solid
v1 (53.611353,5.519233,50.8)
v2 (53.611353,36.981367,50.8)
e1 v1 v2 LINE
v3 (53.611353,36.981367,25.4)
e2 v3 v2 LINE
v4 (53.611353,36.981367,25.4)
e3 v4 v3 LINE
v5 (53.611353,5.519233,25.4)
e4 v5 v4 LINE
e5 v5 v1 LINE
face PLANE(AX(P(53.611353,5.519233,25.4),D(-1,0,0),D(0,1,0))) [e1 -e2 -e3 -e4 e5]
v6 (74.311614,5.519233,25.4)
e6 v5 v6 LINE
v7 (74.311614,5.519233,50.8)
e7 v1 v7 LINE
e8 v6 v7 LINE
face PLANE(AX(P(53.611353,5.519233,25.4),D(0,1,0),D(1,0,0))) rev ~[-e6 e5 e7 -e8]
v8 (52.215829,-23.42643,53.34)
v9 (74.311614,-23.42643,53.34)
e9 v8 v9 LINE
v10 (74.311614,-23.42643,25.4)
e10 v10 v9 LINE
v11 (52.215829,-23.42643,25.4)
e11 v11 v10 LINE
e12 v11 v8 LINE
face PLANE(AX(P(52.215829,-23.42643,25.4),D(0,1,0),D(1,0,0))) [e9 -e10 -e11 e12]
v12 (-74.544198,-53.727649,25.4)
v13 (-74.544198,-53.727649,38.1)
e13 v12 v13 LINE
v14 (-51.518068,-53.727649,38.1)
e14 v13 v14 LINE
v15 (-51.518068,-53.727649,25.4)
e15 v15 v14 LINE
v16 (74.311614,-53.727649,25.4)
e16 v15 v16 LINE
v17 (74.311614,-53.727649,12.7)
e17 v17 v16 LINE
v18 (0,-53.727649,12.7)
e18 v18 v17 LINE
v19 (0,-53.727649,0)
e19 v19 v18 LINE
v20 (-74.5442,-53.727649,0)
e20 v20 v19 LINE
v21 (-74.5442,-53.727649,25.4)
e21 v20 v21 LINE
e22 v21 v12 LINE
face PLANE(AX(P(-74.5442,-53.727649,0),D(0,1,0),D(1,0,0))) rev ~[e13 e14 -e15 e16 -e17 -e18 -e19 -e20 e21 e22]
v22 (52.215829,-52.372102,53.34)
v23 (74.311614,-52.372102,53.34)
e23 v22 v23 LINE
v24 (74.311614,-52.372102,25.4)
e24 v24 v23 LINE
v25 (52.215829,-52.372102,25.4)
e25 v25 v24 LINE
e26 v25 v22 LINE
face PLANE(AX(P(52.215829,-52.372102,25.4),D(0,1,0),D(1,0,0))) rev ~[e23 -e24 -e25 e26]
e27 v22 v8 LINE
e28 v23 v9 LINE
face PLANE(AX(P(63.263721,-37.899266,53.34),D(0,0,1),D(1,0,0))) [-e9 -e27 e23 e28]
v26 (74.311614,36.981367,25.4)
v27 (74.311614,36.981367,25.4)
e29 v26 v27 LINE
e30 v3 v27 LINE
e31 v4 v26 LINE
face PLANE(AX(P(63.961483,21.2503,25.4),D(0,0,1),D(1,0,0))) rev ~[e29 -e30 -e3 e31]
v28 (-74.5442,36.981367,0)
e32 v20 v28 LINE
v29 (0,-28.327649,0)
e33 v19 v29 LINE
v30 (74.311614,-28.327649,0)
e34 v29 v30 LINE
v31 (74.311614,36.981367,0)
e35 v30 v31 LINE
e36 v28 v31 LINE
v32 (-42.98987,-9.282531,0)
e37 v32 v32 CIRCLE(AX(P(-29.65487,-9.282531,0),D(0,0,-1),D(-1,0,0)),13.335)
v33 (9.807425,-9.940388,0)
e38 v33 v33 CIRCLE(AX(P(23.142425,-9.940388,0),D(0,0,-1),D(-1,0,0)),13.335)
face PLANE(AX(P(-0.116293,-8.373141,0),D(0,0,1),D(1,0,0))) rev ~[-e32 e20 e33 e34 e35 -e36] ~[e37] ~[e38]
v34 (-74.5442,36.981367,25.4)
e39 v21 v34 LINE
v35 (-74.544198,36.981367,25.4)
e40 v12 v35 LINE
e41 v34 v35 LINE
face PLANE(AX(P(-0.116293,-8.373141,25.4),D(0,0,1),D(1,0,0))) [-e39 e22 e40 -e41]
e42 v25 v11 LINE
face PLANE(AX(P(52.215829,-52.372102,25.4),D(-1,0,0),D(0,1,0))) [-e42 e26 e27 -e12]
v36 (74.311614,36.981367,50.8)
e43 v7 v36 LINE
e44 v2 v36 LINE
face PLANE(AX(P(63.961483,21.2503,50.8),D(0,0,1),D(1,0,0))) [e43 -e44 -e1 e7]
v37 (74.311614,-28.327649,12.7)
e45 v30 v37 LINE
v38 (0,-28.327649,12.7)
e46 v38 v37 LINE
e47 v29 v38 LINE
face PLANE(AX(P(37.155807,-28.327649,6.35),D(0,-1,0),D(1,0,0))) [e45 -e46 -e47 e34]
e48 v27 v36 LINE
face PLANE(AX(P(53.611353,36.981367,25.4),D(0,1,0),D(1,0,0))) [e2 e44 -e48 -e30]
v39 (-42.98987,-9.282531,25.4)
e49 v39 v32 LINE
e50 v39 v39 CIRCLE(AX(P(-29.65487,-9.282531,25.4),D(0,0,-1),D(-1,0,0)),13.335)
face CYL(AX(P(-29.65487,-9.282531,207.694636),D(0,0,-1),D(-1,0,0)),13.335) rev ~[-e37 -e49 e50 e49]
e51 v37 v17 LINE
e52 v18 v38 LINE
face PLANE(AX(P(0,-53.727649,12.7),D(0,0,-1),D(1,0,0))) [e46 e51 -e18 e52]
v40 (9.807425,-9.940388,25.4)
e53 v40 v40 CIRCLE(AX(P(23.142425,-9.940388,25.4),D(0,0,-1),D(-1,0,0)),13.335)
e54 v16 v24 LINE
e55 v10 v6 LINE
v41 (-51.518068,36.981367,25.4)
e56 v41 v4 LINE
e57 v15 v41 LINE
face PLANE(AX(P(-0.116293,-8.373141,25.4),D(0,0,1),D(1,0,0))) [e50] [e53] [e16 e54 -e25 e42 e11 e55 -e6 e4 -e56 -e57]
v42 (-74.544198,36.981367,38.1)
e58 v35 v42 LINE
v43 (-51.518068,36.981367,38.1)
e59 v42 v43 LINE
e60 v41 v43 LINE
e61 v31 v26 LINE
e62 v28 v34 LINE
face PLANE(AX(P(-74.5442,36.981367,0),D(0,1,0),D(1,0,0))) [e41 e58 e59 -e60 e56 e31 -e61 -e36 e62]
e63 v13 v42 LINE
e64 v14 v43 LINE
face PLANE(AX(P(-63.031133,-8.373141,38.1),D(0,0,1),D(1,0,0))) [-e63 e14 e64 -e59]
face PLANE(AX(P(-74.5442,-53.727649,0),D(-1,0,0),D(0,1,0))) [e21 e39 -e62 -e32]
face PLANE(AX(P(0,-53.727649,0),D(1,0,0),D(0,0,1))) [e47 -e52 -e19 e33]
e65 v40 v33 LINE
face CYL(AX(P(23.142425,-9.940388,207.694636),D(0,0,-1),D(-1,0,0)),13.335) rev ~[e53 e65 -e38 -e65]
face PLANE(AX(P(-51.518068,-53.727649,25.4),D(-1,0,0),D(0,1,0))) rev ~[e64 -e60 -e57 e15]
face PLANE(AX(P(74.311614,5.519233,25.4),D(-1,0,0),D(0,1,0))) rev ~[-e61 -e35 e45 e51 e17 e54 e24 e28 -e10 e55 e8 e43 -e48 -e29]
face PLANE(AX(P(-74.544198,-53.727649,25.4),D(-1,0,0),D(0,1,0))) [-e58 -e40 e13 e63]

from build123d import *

# Parameters (mm, degrees)
F0_W     = 148.855813
F0_H     = 90.709016
F1_DEPTH = 25.4
F2_W     = 74.311614
F2_H     = 12.7
F3_DEPTH = 25.4
F4_W     = 23.026131
F4_H     = 90.709016
F5_DEPTH = 12.7
F6_W     = 20.700261
F6_H     = 31.462135
F8_DEPTH = 25.4
F7_W     = 22.095785
F7_H     = 28.945672
F9_DEPTH = 27.94
F12_D    = 26.67
F14_D    = 26.67


with BuildPart() as f1:
    # F0 (on Top) → F1 (new body)
    with BuildSketch(Plane.XY):
        with Locations((-0.116293, -8.373141)):
            Rectangle(F0_W, F0_H)
    extrude(amount=F1_DEPTH)

    # F2 (on face) → F3 (cut)
    with BuildSketch(Plane.XZ.offset(53.727649)):
        with Locations((37.155807, 6.35)):
            Rectangle(F2_W, F2_H)
    extrude(amount=-F3_DEPTH, mode=Mode.SUBTRACT)

    # F4 (on face) → F5 (join)
    with BuildSketch(Plane.XY.offset(25.4)):
        with Locations((-63.031133, -8.373141)):
            Rectangle(F4_W, F4_H)
    extrude(amount=F5_DEPTH)

    # F6 (on face) → F8 (join)
    with BuildSketch(Plane.XY.offset(25.4)):
        with Locations((63.961483, 21.2503)):
            Rectangle(F6_W, F6_H)
    extrude(amount=F8_DEPTH)

    # F7 (on face) → F9 (join)
    with BuildSketch(Plane.XY.offset(25.4)):
        with Locations((63.263721, -37.899266)):
            Rectangle(F7_W, F7_H)
    extrude(amount=F9_DEPTH)

    # F12 (through all)
    with Locations(Plane.XY.offset(25.4)):
        with Locations((-29.65487, -9.282531)):
            Hole(F12_D / 2)

    # F14 (through all)
    with Locations(Plane.XY.offset(25.4)):
        with Locations((23.142425, -9.940388)):
            Hole(F14_D / 2)


solid = f1.part
